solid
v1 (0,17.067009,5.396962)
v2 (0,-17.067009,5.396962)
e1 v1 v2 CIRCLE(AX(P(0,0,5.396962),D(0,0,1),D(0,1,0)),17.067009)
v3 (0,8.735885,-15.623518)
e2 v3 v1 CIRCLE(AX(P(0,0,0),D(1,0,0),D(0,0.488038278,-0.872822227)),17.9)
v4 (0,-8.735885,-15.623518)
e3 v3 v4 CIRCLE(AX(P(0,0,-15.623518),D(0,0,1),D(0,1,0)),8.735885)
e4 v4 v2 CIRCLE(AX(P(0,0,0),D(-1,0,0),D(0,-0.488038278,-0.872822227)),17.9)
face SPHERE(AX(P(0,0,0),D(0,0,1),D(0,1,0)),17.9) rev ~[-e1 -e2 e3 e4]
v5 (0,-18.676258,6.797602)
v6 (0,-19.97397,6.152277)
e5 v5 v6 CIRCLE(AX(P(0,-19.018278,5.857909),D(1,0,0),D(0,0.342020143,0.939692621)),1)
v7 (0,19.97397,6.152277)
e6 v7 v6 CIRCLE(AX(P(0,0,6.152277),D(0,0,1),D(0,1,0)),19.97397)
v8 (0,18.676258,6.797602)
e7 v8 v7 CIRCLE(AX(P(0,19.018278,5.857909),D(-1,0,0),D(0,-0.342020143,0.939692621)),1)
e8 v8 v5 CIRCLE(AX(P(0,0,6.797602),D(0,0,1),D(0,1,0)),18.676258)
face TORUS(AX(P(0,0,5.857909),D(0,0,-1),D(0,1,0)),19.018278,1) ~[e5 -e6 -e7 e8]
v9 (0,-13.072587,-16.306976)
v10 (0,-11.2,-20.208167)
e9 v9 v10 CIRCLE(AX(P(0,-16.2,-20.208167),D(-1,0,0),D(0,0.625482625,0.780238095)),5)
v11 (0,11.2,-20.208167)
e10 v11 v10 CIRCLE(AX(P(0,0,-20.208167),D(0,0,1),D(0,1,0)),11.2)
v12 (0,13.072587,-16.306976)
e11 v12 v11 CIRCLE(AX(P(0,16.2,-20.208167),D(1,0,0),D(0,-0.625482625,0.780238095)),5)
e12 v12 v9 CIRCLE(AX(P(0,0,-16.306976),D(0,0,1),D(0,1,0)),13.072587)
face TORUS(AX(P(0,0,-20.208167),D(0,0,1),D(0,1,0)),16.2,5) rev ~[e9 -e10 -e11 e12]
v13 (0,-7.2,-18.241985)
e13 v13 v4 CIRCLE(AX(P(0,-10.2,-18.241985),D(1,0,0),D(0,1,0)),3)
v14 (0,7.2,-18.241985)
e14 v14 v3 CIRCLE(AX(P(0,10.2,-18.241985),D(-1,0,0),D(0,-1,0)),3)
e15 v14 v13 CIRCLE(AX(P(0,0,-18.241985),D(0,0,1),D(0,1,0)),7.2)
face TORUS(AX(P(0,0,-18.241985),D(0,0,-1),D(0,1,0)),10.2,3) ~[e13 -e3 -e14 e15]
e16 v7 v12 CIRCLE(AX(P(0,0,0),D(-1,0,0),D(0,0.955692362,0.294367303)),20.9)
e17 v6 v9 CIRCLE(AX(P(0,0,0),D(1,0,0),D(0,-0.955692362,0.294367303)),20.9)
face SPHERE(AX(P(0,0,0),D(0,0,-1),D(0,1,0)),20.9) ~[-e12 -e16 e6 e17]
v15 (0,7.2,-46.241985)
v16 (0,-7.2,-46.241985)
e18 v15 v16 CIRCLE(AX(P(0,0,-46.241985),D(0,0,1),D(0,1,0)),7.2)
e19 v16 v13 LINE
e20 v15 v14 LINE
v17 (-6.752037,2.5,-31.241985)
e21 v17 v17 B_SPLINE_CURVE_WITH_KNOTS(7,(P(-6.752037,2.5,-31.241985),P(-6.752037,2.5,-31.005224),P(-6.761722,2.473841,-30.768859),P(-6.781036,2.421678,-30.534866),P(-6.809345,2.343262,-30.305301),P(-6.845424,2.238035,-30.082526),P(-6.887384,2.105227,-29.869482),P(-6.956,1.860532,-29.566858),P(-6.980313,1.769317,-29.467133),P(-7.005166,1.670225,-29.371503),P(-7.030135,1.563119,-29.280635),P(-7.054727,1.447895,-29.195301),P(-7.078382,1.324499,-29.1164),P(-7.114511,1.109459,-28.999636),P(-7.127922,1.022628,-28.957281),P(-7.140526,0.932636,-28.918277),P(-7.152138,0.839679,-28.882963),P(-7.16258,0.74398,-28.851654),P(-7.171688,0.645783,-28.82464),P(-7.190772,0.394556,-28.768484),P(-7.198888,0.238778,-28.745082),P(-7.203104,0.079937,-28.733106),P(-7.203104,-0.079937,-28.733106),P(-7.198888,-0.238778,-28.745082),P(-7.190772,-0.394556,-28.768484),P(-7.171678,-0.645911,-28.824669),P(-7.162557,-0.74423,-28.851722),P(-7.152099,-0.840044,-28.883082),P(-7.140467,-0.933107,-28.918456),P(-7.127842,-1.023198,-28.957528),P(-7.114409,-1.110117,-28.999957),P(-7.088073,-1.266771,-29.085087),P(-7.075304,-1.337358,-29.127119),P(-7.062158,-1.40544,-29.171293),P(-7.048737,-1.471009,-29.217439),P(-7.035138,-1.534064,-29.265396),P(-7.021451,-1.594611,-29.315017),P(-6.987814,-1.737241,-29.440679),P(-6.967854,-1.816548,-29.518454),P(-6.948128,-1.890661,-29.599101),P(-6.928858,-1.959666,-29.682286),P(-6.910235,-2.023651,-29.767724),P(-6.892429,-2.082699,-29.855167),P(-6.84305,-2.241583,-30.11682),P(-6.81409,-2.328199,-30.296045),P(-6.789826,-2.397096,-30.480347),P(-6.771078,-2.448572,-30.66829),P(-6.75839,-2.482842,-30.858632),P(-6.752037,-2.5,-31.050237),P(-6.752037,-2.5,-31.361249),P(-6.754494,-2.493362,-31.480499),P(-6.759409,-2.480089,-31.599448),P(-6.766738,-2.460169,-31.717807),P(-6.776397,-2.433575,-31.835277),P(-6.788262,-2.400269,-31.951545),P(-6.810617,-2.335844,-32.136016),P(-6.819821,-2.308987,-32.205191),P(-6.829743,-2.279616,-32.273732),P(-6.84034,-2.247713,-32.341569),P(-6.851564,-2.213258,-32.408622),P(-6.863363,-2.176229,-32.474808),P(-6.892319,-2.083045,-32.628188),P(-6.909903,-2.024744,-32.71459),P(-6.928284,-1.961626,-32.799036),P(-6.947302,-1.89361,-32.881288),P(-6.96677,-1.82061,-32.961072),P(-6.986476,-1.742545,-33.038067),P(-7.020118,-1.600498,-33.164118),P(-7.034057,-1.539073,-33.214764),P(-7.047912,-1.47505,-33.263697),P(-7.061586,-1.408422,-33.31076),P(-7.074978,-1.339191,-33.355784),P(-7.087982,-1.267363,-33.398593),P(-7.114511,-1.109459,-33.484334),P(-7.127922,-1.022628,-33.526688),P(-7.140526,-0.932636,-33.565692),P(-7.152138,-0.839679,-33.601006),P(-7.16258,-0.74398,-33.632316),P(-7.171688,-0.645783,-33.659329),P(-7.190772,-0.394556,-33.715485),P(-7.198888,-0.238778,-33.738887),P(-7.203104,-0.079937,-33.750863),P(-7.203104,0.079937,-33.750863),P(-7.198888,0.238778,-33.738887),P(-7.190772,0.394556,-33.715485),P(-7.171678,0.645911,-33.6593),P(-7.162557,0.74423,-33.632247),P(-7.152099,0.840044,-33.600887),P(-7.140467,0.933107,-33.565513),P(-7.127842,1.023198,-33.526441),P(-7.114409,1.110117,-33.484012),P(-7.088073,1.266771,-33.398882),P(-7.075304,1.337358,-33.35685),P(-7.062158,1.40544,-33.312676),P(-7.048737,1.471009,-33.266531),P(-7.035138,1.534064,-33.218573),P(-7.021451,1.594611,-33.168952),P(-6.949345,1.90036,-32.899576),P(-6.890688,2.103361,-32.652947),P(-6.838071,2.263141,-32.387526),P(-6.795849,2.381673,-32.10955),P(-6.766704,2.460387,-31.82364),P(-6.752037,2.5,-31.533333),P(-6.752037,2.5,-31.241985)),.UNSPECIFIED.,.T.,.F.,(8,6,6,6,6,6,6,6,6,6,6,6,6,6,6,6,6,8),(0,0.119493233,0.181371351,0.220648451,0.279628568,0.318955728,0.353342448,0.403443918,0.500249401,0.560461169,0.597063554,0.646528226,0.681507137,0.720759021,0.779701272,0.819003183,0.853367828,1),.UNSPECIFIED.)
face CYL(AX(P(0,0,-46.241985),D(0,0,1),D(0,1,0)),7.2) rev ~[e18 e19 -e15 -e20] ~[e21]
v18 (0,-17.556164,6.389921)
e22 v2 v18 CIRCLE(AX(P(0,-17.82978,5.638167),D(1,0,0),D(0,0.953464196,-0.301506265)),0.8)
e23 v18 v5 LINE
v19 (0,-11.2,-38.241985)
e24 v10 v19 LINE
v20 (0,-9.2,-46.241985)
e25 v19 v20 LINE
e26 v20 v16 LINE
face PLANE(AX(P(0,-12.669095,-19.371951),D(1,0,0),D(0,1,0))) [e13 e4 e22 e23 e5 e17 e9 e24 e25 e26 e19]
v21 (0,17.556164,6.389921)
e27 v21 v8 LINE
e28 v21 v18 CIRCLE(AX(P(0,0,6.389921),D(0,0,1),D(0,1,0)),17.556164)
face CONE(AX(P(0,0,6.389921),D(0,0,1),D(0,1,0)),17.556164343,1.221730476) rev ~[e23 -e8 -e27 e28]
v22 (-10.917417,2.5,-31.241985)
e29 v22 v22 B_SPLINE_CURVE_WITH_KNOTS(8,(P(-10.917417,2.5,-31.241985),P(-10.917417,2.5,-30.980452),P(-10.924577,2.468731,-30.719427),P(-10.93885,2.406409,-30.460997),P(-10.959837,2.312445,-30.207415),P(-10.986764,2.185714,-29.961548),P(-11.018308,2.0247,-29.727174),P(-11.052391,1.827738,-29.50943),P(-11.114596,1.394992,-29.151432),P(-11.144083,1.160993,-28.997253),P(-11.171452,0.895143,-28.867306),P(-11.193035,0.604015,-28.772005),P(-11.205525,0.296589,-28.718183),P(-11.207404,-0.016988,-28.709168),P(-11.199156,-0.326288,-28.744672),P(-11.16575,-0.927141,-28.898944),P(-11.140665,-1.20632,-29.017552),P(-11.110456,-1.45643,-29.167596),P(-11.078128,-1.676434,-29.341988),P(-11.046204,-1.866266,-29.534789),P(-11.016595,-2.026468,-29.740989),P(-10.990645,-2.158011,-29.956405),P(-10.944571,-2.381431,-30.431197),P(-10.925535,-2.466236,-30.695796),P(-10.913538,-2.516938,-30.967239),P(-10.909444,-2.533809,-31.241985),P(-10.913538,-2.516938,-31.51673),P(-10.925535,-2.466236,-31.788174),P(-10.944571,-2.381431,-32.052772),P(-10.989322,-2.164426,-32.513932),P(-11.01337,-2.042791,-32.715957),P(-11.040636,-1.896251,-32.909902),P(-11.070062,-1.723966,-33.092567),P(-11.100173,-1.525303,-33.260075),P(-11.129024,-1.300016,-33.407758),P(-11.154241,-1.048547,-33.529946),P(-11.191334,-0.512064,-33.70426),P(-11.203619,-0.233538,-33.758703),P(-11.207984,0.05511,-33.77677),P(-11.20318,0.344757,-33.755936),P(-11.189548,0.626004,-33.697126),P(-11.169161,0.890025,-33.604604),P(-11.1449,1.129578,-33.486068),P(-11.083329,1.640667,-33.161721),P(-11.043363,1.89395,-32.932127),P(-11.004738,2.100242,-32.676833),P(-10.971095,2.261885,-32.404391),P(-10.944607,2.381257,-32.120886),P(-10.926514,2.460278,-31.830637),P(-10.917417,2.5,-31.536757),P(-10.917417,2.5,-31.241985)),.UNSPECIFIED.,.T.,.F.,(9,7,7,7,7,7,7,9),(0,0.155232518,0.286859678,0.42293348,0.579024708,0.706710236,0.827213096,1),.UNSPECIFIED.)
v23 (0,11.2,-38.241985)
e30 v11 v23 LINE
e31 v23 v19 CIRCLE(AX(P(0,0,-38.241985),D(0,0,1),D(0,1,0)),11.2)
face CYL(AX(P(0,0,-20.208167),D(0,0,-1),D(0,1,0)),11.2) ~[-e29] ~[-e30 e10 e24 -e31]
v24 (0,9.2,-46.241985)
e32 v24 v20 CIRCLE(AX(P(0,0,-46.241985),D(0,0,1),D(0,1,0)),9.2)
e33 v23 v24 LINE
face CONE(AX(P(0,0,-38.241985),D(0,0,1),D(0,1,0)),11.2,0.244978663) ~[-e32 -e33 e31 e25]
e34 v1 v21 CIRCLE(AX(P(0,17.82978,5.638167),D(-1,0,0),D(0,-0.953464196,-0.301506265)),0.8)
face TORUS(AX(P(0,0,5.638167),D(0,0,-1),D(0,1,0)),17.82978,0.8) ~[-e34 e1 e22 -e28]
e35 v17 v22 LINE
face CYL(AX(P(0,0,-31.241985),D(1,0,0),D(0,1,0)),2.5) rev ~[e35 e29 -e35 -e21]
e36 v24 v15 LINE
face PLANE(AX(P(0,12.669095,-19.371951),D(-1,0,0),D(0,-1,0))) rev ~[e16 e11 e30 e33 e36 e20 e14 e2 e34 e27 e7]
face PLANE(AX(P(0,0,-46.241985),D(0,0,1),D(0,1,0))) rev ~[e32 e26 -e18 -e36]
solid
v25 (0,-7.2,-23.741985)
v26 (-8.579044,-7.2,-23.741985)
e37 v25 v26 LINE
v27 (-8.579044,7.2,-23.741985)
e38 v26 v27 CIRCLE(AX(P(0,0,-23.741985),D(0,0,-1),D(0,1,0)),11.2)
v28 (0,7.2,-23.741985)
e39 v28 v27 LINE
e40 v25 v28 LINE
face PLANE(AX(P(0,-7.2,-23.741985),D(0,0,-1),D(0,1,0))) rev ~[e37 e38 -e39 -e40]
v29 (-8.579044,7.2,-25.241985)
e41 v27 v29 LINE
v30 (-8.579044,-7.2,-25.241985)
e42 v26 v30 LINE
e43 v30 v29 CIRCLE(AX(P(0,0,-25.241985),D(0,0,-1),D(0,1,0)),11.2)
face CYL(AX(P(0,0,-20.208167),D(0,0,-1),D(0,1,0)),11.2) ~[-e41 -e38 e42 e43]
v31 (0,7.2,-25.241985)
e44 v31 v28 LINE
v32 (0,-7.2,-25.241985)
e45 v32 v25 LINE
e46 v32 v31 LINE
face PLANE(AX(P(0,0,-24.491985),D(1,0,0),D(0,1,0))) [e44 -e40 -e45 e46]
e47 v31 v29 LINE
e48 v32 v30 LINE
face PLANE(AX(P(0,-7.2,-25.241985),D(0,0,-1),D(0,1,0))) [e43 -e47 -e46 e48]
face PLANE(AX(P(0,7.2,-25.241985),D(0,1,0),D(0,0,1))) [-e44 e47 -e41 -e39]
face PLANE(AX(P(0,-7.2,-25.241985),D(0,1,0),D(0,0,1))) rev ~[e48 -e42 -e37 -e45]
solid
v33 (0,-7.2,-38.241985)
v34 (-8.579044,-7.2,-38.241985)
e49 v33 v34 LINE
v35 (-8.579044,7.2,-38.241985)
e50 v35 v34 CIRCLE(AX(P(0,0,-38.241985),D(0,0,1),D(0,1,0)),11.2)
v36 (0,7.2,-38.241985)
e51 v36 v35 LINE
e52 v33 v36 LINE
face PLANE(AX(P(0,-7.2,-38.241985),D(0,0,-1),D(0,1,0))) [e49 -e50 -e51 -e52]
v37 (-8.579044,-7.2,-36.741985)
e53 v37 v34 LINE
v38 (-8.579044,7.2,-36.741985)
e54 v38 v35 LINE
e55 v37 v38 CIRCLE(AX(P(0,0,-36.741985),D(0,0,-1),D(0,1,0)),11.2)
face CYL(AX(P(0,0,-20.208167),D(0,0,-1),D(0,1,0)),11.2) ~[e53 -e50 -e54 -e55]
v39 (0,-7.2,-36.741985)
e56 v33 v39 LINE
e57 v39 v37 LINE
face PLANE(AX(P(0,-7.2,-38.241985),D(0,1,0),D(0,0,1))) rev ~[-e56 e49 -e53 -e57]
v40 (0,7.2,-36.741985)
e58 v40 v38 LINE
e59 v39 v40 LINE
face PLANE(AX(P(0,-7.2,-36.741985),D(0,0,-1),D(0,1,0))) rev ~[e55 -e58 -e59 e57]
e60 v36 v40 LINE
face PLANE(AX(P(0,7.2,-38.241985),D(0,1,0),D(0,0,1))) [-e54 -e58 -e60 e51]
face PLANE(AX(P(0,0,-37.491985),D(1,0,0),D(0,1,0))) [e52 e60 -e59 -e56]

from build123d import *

# Parameters (mm, degrees)
F1_ANGLE_BACK = 90
F1_ANGLE      = 180
F2_R          = 2.5
F3_DEPTH      = 20.901
F4_W          = 14.4
F4_H          = 1.5


with BuildPart() as f1:
    # F0 (on Front) → F1 (revolve)
    with BuildSketch(Plane.XZ, mode=Mode.PRIVATE) as f1_sk:
        with BuildLine():
            ThreePointArc((-8.7358851675, -15.6235178606), (-16.6406875767, -6.5952647388), (-17.0670091011, 5.3969621402))
            ThreePointArc((-17.0670091011, 5.3969621402), (-17.1121338207, 5.9916969311), (-17.5561643429, 6.3899212487))
            Line((-17.5561643429, 6.3899212487), (-18.6762578623, 6.7976019493))
            ThreePointArc((-18.6762578623, 6.7976019493), (-19.4635415113, 6.75330891), (-19.9739703677, 6.1522766315))
            ThreePointArc((-19.9739703677, 6.1522766315), (-19.978069118, -6.1389538455), (-13.0725868726, -16.3069761899))
            ThreePointArc((-13.0725868726, -16.3069761899), (-11.6923916742, -18.0444968248), (-11.2, -20.208166666))
            Line((-11.2, -20.208166666), (-11.2, -38.2419845412))
            Line((-11.2, -38.2419845412), (-9.2, -46.2419845412))
            Line((-9.2, -46.2419845412), (-7.2, -46.2419845412))
            Line((-7.2, -46.2419845412), (-7.2, -18.2419845412))
            ThreePointArc((-7.2, -18.2419845412), (-7.6123036792, -16.7241480048), (-8.7358851675, -15.6235178606))
        make_face()
    revolve(f1_sk.sketch.rotate(Axis((0, 0, 19.9308469892), (0, 0, 1)), -F1_ANGLE_BACK), axis=Axis((0, 0, 19.9308469892), (0, 0, 1)), revolution_arc=F1_ANGLE)

    # F2 (on Right) → F3 (cut, through all)
    with BuildSketch(Plane.YZ):
        with Locations((0, -31.2419845412)):
            Circle(F2_R)
    extrude(amount=-F3_DEPTH, mode=Mode.SUBTRACT)


with BuildPart() as f5:
    # F4 (on Right) → F5 (new body, up to the last surface of F1)
    with BuildSketch(Plane.YZ):
        with Locations((0, -24.4919845412)):
            Rectangle(F4_W, F4_H)
    extrude(until=Until.LAST, target=f1.part, dir=(-1, 0, 0))


with BuildPart() as f5b:
    # F4 (on Right) → F5, piece 2 (new body, up to the last surface of F1)
    with BuildSketch(Plane.YZ):
        with Locations((0, -37.4919845412)):
            Rectangle(F4_W, F4_H)
    extrude(until=Until.LAST, target=f1.part, dir=(-1, 0, 0))


solid = Compound([f1.part, f5.part, f5b.part])
